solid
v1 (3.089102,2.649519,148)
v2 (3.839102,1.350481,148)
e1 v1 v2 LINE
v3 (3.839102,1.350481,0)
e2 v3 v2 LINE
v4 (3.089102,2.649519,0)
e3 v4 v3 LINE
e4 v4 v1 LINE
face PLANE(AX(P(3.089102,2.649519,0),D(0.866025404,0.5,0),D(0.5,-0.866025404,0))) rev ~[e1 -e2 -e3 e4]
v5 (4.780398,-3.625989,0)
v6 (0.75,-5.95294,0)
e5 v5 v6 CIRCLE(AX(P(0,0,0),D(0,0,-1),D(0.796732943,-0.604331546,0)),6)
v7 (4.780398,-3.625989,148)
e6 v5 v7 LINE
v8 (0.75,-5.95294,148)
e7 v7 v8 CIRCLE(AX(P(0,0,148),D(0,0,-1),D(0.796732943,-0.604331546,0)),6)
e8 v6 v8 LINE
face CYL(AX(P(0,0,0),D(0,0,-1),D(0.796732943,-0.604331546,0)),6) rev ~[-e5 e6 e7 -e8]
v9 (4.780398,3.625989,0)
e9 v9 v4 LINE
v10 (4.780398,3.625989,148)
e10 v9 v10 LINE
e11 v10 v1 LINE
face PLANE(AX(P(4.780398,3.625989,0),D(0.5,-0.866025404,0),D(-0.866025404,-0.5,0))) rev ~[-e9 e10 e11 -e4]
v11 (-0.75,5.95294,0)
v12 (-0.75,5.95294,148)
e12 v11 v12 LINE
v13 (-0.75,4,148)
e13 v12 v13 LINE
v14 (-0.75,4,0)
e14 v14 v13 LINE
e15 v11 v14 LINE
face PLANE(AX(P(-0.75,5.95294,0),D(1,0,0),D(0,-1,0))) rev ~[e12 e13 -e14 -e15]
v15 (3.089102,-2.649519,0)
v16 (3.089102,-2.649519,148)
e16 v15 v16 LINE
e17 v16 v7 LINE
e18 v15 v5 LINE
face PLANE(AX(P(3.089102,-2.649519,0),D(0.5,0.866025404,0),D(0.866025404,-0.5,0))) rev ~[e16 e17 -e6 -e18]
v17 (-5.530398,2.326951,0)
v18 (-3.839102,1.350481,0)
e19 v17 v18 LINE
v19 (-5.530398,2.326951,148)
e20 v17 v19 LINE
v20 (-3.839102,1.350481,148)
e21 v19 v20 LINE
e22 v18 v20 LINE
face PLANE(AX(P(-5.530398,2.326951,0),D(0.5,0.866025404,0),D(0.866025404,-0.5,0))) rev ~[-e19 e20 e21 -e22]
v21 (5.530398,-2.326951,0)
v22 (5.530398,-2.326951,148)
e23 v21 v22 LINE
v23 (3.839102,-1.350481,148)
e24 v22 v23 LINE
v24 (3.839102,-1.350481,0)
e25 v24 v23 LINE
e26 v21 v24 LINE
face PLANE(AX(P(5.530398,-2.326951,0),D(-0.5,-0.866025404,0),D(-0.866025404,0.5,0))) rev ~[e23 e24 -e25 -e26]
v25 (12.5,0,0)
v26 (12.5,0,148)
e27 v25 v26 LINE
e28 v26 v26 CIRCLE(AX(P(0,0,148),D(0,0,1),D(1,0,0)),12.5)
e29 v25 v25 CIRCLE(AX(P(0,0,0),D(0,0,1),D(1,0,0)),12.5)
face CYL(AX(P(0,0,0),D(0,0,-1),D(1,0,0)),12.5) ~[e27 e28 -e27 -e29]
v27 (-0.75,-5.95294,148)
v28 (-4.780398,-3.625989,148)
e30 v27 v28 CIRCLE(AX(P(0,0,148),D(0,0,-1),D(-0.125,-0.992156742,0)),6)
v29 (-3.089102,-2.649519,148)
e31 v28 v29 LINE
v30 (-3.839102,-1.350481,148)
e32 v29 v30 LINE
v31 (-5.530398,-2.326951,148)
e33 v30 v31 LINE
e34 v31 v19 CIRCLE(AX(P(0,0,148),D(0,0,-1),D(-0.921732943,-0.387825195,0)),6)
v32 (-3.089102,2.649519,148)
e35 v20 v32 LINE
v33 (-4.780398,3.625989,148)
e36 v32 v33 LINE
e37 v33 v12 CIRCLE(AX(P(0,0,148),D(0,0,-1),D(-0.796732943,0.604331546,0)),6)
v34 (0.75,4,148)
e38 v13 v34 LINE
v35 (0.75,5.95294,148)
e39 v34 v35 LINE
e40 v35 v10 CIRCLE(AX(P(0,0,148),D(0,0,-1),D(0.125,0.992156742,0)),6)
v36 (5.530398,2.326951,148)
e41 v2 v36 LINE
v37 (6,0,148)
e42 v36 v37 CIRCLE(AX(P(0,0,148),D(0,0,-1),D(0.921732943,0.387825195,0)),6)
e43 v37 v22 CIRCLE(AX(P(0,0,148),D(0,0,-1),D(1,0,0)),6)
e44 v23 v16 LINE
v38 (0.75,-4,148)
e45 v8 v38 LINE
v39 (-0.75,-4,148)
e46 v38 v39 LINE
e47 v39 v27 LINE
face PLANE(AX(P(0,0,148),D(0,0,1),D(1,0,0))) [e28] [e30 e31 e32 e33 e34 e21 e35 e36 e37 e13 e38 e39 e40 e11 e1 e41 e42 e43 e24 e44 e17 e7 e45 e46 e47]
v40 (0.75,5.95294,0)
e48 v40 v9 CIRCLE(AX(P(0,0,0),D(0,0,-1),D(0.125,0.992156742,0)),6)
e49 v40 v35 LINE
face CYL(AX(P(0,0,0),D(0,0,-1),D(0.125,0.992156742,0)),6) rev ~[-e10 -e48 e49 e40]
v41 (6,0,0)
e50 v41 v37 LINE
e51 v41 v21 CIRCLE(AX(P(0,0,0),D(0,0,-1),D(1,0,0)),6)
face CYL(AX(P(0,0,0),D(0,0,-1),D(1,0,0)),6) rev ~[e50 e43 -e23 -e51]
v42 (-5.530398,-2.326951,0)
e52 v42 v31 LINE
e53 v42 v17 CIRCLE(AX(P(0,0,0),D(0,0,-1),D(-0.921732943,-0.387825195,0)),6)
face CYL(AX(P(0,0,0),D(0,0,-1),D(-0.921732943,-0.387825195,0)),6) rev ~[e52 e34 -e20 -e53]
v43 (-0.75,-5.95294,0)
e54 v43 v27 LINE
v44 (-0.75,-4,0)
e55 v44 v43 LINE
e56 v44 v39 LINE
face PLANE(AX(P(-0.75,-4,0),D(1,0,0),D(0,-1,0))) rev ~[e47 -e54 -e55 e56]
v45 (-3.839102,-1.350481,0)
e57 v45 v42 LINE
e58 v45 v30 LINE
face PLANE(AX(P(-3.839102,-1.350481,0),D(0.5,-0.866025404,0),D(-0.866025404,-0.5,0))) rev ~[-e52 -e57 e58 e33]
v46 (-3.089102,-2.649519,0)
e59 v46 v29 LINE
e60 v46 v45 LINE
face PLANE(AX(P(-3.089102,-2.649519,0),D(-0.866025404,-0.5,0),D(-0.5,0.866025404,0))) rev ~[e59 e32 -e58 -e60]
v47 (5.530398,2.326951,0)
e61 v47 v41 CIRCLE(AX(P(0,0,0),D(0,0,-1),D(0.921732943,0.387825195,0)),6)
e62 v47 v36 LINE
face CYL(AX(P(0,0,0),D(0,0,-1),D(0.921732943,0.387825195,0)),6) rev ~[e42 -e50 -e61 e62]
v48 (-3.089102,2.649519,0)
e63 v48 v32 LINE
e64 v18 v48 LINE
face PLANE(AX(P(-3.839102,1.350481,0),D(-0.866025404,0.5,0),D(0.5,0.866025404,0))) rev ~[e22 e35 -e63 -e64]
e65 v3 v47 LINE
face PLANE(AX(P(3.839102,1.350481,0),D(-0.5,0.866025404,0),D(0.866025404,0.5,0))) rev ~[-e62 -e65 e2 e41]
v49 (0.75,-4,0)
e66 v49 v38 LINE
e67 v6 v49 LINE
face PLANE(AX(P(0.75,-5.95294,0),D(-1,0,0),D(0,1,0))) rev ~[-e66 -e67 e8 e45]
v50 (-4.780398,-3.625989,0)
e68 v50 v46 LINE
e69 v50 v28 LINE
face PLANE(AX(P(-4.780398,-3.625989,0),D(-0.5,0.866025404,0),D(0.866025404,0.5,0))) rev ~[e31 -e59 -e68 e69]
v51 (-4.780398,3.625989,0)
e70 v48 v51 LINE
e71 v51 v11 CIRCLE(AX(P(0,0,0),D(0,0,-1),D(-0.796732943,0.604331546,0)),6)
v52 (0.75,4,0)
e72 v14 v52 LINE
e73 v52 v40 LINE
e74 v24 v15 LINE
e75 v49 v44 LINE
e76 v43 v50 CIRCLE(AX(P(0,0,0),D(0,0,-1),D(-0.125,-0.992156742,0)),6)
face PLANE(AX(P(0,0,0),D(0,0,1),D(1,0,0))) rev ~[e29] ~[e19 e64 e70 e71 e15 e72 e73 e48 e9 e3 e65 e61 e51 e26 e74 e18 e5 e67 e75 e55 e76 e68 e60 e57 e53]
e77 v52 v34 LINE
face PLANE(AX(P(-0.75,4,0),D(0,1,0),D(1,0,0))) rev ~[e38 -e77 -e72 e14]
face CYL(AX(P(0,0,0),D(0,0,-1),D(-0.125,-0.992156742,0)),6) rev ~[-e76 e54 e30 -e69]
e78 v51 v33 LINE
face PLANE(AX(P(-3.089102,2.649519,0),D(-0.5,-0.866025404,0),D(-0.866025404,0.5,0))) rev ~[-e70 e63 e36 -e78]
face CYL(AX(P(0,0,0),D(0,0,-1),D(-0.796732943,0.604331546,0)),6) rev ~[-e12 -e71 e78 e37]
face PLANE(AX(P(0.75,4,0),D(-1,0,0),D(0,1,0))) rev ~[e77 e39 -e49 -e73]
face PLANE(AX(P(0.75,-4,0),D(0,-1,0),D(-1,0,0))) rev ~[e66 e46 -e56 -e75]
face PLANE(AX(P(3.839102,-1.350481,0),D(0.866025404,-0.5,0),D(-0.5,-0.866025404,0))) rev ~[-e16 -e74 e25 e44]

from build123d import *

# Parameters (mm, degrees)
F0_R     = 12.5
F1_DEPTH = 148


with BuildPart() as f1:
    # F0 (on Top) → F1 (new body)
    with BuildSketch(Plane.XY):
        Circle(F0_R)
        with BuildLine():
            ThreePointArc((5.5303976568, 2.3269511721), (5.8814278003, 1.1869317712), (6, 0))
            ThreePointArc((6, 0), (5.8814278003, -1.1869317712), (5.5303976568, -2.3269511721))
            Line((5.5303976568, -2.3269511721), (5.5711524227, -2.3504809472))
            Line((5.5711524227, -2.3504809472), (5.1961523876, -3.0000000609))
            Line((5.1961523876, -3.0000000609), (4.8211524227, -3.6495190528))
            Line((4.8211524227, -3.6495190528), (4.7803976568, -3.6259892778))
            ThreePointArc((4.7803976568, -3.6259892778), (3, -5.1961524227), (0.75, -5.9529404499))
            Line((0.75, -5.9529404499), (0.75, -6))
            Line((0.75, -6), (0, -6))
            Line((0, -6), (-0.75, -6))
            Line((-0.75, -6), (-0.75, -5.9529404499))
            ThreePointArc((-0.75, -5.9529404499), (-3, -5.1961524227), (-4.7803976568, -3.6259892778))
            Line((-4.7803976568, -3.6259892778), (-4.8211524227, -3.6495190528))
            Line((-4.8211524227, -3.6495190528), (-5.1961524003, -3.0000000387))
            Line((-5.1961524003, -3.0000000387), (-5.5711524227, -2.3504809472))
            Line((-5.5711524227, -2.3504809472), (-5.5303976568, -2.3269511721))
            ThreePointArc((-5.5303976568, -2.3269511721), (-6, 0), (-5.5303976568, 2.3269511721))
            Line((-5.5303976568, 2.3269511721), (-5.5711524227, 2.3504809472))
            Line((-5.5711524227, 2.3504809472), (-5.1961524003, 3.0000000387))
            Line((-5.1961524003, 3.0000000387), (-4.8211524227, 3.6495190528))
            Line((-4.8211524227, 3.6495190528), (-4.7803976568, 3.6259892778))
            ThreePointArc((-4.7803976568, 3.6259892778), (-3, 5.1961524227), (-0.75, 5.9529404499))
            Line((-0.75, 5.9529404499), (-0.75, 6))
            Line((-0.75, 6), (0, 6))
            Line((0, 6), (0.75, 6))
            Line((0.75, 6), (0.75, 5.9529404499))
            ThreePointArc((0.75, 5.9529404499), (3, 5.1961524227), (4.7803976568, 3.6259892778))
            Line((4.7803976568, 3.6259892778), (4.8211524227, 3.6495190528))
            Line((4.8211524227, 3.6495190528), (5.1961524003, 3.0000000387))
            Line((5.1961524003, 3.0000000387), (5.5711524227, 2.3504809472))
            Line((5.5711524227, 2.3504809472), (5.5303976568, 2.3269511721))
        make_face(mode=Mode.SUBTRACT)
        with BuildLine():
            Line((-3.0891016151, 2.6495190528), (-4.7803976568, 3.6259892778))
            ThreePointArc((-4.7803976568, 3.6259892778), (-4.9980849725, 3.3195099951), (-5.1961524003, 3.0000000387))
            ThreePointArc((-5.1961524003, 3.0000000387), (-5.3738224502, 2.668713599), (-5.5303976568, 2.3269511721))
            Line((-5.5303976568, 2.3269511721), (-3.8391016151, 1.3504809472))
            Line((-3.8391016151, 1.3504809472), (-3.0891016151, 2.6495190528))
        make_face()
        with BuildLine():
            Line((0.75, 4), (0.75, 5.9529404499))
            ThreePointArc((0.75, 5.9529404499), (0.3757374753, 5.9882235554), (0, 6))
            ThreePointArc((0, 6), (-0.3757374753, 5.9882235554), (-0.75, 5.9529404499))
            Line((-0.75, 5.9529404499), (-0.75, 4))
            Line((-0.75, 4), (0.75, 4))
        make_face()
        with BuildLine():
            Line((3.8391016151, 1.3504809472), (5.5303976568, 2.3269511721))
            ThreePointArc((5.5303976568, 2.3269511721), (5.3738224502, 2.668713599), (5.1961524003, 3.0000000387))
            ThreePointArc((5.1961524003, 3.0000000387), (4.9980849725, 3.3195099951), (4.7803976568, 3.6259892778))
            Line((4.7803976568, 3.6259892778), (3.0891016151, 2.6495190528))
            Line((3.0891016151, 2.6495190528), (3.8391016151, 1.3504809472))
        make_face()
        with BuildLine():
            ThreePointArc((5.1961523876, -3.0000000609), (5.3738224445, -2.6687136105), (5.5303976568, -2.3269511721))
            Line((5.5303976568, -2.3269511721), (3.8391016151, -1.3504809472))
            Line((3.8391016151, -1.3504809472), (3.0891016151, -2.6495190528))
            Line((3.0891016151, -2.6495190528), (4.7803976568, -3.6259892778))
            ThreePointArc((4.7803976568, -3.6259892778), (4.9980849655, -3.3195100057), (5.1961523876, -3.0000000609))
        make_face()
        with BuildLine():
            ThreePointArc((0, -6), (0.3757374753, -5.9882235554), (0.75, -5.9529404499))
            Line((0.75, -5.9529404499), (0.75, -4))
            Line((0.75, -4), (-0.75, -4))
            Line((-0.75, -4), (-0.75, -5.9529404499))
            ThreePointArc((-0.75, -5.9529404499), (-0.3757374753, -5.9882235554), (0, -6))
        make_face()
        with BuildLine():
            ThreePointArc((-5.1961524003, -3.0000000387), (-4.9980849725, -3.3195099951), (-4.7803976568, -3.6259892778))
            Line((-4.7803976568, -3.6259892778), (-3.0891016151, -2.6495190528))
            Line((-3.0891016151, -2.6495190528), (-3.8391016151, -1.3504809472))
            Line((-3.8391016151, -1.3504809472), (-5.5303976568, -2.3269511721))
            ThreePointArc((-5.5303976568, -2.3269511721), (-5.3738224502, -2.668713599), (-5.1961524003, -3.0000000387))
        make_face()
        with BuildLine():
            ThreePointArc((0, 6), (0.3757374753, 5.9882235554), (0.75, 5.9529404499))
            Line((0.75, 5.9529404499), (0.75, 6))
            Line((0.75, 6), (0, 6))
        make_face()
        with BuildLine():
            ThreePointArc((-0.75, 5.9529404499), (-0.3757374753, 5.9882235554), (0, 6))
            Line((0, 6), (-0.75, 6))
            Line((-0.75, 6), (-0.75, 5.9529404499))
        make_face()
        with BuildLine():
            ThreePointArc((-5.1961524003, 3.0000000387), (-4.9980849725, 3.3195099951), (-4.7803976568, 3.6259892778))
            Line((-4.7803976568, 3.6259892778), (-4.8211524227, 3.6495190528))
            Line((-4.8211524227, 3.6495190528), (-5.1961524003, 3.0000000387))
        make_face()
        with BuildLine():
            ThreePointArc((4.7803976568, 3.6259892778), (4.9980849725, 3.3195099951), (5.1961524003, 3.0000000387))
            Line((5.1961524003, 3.0000000387), (4.8211524227, 3.6495190528))
            Line((4.8211524227, 3.6495190528), (4.7803976568, 3.6259892778))
        make_face()
        with BuildLine():
            Line((0.75, -6), (0.75, -5.9529404499))
            ThreePointArc((0.75, -5.9529404499), (0.3757374753, -5.9882235554), (0, -6))
            Line((0, -6), (0.75, -6))
        make_face()
        with BuildLine():
            Line((4.8211524227, -3.6495190528), (5.1961523876, -3.0000000609))
            ThreePointArc((5.1961523876, -3.0000000609), (4.9980849655, -3.3195100057), (4.7803976568, -3.6259892778))
            Line((4.7803976568, -3.6259892778), (4.8211524227, -3.6495190528))
        make_face()
        with BuildLine():
            ThreePointArc((5.1961524003, 3.0000000387), (5.3738224502, 2.668713599), (5.5303976568, 2.3269511721))
            Line((5.5303976568, 2.3269511721), (5.5711524227, 2.3504809472))
            Line((5.5711524227, 2.3504809472), (5.1961524003, 3.0000000387))
        make_face()
        with BuildLine():
            ThreePointArc((-5.5303976568, 2.3269511721), (-5.3738224502, 2.668713599), (-5.1961524003, 3.0000000387))
            Line((-5.1961524003, 3.0000000387), (-5.5711524227, 2.3504809472))
            Line((-5.5711524227, 2.3504809472), (-5.5303976568, 2.3269511721))
        make_face()
        with BuildLine():
            Line((-5.5711524227, -2.3504809472), (-5.1961524003, -3.0000000387))
            ThreePointArc((-5.1961524003, -3.0000000387), (-5.3738224502, -2.668713599), (-5.5303976568, -2.3269511721))
            Line((-5.5303976568, -2.3269511721), (-5.5711524227, -2.3504809472))
        make_face()
        with BuildLine():
            Line((-4.8211524227, -3.6495190528), (-4.7803976568, -3.6259892778))
            ThreePointArc((-4.7803976568, -3.6259892778), (-4.9980849725, -3.3195099951), (-5.1961524003, -3.0000000387))
            Line((-5.1961524003, -3.0000000387), (-4.8211524227, -3.6495190528))
        make_face()
        with BuildLine():
            Line((-0.75, -6), (0, -6))
            ThreePointArc((0, -6), (-0.3757374753, -5.9882235554), (-0.75, -5.9529404499))
            Line((-0.75, -5.9529404499), (-0.75, -6))
        make_face()
        with BuildLine():
            Line((5.5711524227, -2.3504809472), (5.5303976568, -2.3269511721))
            ThreePointArc((5.5303976568, -2.3269511721), (5.3738224445, -2.6687136105), (5.1961523876, -3.0000000609))
            Line((5.1961523876, -3.0000000609), (5.5711524227, -2.3504809472))
        make_face()
    extrude(amount=F1_DEPTH)


solid = f1.part
